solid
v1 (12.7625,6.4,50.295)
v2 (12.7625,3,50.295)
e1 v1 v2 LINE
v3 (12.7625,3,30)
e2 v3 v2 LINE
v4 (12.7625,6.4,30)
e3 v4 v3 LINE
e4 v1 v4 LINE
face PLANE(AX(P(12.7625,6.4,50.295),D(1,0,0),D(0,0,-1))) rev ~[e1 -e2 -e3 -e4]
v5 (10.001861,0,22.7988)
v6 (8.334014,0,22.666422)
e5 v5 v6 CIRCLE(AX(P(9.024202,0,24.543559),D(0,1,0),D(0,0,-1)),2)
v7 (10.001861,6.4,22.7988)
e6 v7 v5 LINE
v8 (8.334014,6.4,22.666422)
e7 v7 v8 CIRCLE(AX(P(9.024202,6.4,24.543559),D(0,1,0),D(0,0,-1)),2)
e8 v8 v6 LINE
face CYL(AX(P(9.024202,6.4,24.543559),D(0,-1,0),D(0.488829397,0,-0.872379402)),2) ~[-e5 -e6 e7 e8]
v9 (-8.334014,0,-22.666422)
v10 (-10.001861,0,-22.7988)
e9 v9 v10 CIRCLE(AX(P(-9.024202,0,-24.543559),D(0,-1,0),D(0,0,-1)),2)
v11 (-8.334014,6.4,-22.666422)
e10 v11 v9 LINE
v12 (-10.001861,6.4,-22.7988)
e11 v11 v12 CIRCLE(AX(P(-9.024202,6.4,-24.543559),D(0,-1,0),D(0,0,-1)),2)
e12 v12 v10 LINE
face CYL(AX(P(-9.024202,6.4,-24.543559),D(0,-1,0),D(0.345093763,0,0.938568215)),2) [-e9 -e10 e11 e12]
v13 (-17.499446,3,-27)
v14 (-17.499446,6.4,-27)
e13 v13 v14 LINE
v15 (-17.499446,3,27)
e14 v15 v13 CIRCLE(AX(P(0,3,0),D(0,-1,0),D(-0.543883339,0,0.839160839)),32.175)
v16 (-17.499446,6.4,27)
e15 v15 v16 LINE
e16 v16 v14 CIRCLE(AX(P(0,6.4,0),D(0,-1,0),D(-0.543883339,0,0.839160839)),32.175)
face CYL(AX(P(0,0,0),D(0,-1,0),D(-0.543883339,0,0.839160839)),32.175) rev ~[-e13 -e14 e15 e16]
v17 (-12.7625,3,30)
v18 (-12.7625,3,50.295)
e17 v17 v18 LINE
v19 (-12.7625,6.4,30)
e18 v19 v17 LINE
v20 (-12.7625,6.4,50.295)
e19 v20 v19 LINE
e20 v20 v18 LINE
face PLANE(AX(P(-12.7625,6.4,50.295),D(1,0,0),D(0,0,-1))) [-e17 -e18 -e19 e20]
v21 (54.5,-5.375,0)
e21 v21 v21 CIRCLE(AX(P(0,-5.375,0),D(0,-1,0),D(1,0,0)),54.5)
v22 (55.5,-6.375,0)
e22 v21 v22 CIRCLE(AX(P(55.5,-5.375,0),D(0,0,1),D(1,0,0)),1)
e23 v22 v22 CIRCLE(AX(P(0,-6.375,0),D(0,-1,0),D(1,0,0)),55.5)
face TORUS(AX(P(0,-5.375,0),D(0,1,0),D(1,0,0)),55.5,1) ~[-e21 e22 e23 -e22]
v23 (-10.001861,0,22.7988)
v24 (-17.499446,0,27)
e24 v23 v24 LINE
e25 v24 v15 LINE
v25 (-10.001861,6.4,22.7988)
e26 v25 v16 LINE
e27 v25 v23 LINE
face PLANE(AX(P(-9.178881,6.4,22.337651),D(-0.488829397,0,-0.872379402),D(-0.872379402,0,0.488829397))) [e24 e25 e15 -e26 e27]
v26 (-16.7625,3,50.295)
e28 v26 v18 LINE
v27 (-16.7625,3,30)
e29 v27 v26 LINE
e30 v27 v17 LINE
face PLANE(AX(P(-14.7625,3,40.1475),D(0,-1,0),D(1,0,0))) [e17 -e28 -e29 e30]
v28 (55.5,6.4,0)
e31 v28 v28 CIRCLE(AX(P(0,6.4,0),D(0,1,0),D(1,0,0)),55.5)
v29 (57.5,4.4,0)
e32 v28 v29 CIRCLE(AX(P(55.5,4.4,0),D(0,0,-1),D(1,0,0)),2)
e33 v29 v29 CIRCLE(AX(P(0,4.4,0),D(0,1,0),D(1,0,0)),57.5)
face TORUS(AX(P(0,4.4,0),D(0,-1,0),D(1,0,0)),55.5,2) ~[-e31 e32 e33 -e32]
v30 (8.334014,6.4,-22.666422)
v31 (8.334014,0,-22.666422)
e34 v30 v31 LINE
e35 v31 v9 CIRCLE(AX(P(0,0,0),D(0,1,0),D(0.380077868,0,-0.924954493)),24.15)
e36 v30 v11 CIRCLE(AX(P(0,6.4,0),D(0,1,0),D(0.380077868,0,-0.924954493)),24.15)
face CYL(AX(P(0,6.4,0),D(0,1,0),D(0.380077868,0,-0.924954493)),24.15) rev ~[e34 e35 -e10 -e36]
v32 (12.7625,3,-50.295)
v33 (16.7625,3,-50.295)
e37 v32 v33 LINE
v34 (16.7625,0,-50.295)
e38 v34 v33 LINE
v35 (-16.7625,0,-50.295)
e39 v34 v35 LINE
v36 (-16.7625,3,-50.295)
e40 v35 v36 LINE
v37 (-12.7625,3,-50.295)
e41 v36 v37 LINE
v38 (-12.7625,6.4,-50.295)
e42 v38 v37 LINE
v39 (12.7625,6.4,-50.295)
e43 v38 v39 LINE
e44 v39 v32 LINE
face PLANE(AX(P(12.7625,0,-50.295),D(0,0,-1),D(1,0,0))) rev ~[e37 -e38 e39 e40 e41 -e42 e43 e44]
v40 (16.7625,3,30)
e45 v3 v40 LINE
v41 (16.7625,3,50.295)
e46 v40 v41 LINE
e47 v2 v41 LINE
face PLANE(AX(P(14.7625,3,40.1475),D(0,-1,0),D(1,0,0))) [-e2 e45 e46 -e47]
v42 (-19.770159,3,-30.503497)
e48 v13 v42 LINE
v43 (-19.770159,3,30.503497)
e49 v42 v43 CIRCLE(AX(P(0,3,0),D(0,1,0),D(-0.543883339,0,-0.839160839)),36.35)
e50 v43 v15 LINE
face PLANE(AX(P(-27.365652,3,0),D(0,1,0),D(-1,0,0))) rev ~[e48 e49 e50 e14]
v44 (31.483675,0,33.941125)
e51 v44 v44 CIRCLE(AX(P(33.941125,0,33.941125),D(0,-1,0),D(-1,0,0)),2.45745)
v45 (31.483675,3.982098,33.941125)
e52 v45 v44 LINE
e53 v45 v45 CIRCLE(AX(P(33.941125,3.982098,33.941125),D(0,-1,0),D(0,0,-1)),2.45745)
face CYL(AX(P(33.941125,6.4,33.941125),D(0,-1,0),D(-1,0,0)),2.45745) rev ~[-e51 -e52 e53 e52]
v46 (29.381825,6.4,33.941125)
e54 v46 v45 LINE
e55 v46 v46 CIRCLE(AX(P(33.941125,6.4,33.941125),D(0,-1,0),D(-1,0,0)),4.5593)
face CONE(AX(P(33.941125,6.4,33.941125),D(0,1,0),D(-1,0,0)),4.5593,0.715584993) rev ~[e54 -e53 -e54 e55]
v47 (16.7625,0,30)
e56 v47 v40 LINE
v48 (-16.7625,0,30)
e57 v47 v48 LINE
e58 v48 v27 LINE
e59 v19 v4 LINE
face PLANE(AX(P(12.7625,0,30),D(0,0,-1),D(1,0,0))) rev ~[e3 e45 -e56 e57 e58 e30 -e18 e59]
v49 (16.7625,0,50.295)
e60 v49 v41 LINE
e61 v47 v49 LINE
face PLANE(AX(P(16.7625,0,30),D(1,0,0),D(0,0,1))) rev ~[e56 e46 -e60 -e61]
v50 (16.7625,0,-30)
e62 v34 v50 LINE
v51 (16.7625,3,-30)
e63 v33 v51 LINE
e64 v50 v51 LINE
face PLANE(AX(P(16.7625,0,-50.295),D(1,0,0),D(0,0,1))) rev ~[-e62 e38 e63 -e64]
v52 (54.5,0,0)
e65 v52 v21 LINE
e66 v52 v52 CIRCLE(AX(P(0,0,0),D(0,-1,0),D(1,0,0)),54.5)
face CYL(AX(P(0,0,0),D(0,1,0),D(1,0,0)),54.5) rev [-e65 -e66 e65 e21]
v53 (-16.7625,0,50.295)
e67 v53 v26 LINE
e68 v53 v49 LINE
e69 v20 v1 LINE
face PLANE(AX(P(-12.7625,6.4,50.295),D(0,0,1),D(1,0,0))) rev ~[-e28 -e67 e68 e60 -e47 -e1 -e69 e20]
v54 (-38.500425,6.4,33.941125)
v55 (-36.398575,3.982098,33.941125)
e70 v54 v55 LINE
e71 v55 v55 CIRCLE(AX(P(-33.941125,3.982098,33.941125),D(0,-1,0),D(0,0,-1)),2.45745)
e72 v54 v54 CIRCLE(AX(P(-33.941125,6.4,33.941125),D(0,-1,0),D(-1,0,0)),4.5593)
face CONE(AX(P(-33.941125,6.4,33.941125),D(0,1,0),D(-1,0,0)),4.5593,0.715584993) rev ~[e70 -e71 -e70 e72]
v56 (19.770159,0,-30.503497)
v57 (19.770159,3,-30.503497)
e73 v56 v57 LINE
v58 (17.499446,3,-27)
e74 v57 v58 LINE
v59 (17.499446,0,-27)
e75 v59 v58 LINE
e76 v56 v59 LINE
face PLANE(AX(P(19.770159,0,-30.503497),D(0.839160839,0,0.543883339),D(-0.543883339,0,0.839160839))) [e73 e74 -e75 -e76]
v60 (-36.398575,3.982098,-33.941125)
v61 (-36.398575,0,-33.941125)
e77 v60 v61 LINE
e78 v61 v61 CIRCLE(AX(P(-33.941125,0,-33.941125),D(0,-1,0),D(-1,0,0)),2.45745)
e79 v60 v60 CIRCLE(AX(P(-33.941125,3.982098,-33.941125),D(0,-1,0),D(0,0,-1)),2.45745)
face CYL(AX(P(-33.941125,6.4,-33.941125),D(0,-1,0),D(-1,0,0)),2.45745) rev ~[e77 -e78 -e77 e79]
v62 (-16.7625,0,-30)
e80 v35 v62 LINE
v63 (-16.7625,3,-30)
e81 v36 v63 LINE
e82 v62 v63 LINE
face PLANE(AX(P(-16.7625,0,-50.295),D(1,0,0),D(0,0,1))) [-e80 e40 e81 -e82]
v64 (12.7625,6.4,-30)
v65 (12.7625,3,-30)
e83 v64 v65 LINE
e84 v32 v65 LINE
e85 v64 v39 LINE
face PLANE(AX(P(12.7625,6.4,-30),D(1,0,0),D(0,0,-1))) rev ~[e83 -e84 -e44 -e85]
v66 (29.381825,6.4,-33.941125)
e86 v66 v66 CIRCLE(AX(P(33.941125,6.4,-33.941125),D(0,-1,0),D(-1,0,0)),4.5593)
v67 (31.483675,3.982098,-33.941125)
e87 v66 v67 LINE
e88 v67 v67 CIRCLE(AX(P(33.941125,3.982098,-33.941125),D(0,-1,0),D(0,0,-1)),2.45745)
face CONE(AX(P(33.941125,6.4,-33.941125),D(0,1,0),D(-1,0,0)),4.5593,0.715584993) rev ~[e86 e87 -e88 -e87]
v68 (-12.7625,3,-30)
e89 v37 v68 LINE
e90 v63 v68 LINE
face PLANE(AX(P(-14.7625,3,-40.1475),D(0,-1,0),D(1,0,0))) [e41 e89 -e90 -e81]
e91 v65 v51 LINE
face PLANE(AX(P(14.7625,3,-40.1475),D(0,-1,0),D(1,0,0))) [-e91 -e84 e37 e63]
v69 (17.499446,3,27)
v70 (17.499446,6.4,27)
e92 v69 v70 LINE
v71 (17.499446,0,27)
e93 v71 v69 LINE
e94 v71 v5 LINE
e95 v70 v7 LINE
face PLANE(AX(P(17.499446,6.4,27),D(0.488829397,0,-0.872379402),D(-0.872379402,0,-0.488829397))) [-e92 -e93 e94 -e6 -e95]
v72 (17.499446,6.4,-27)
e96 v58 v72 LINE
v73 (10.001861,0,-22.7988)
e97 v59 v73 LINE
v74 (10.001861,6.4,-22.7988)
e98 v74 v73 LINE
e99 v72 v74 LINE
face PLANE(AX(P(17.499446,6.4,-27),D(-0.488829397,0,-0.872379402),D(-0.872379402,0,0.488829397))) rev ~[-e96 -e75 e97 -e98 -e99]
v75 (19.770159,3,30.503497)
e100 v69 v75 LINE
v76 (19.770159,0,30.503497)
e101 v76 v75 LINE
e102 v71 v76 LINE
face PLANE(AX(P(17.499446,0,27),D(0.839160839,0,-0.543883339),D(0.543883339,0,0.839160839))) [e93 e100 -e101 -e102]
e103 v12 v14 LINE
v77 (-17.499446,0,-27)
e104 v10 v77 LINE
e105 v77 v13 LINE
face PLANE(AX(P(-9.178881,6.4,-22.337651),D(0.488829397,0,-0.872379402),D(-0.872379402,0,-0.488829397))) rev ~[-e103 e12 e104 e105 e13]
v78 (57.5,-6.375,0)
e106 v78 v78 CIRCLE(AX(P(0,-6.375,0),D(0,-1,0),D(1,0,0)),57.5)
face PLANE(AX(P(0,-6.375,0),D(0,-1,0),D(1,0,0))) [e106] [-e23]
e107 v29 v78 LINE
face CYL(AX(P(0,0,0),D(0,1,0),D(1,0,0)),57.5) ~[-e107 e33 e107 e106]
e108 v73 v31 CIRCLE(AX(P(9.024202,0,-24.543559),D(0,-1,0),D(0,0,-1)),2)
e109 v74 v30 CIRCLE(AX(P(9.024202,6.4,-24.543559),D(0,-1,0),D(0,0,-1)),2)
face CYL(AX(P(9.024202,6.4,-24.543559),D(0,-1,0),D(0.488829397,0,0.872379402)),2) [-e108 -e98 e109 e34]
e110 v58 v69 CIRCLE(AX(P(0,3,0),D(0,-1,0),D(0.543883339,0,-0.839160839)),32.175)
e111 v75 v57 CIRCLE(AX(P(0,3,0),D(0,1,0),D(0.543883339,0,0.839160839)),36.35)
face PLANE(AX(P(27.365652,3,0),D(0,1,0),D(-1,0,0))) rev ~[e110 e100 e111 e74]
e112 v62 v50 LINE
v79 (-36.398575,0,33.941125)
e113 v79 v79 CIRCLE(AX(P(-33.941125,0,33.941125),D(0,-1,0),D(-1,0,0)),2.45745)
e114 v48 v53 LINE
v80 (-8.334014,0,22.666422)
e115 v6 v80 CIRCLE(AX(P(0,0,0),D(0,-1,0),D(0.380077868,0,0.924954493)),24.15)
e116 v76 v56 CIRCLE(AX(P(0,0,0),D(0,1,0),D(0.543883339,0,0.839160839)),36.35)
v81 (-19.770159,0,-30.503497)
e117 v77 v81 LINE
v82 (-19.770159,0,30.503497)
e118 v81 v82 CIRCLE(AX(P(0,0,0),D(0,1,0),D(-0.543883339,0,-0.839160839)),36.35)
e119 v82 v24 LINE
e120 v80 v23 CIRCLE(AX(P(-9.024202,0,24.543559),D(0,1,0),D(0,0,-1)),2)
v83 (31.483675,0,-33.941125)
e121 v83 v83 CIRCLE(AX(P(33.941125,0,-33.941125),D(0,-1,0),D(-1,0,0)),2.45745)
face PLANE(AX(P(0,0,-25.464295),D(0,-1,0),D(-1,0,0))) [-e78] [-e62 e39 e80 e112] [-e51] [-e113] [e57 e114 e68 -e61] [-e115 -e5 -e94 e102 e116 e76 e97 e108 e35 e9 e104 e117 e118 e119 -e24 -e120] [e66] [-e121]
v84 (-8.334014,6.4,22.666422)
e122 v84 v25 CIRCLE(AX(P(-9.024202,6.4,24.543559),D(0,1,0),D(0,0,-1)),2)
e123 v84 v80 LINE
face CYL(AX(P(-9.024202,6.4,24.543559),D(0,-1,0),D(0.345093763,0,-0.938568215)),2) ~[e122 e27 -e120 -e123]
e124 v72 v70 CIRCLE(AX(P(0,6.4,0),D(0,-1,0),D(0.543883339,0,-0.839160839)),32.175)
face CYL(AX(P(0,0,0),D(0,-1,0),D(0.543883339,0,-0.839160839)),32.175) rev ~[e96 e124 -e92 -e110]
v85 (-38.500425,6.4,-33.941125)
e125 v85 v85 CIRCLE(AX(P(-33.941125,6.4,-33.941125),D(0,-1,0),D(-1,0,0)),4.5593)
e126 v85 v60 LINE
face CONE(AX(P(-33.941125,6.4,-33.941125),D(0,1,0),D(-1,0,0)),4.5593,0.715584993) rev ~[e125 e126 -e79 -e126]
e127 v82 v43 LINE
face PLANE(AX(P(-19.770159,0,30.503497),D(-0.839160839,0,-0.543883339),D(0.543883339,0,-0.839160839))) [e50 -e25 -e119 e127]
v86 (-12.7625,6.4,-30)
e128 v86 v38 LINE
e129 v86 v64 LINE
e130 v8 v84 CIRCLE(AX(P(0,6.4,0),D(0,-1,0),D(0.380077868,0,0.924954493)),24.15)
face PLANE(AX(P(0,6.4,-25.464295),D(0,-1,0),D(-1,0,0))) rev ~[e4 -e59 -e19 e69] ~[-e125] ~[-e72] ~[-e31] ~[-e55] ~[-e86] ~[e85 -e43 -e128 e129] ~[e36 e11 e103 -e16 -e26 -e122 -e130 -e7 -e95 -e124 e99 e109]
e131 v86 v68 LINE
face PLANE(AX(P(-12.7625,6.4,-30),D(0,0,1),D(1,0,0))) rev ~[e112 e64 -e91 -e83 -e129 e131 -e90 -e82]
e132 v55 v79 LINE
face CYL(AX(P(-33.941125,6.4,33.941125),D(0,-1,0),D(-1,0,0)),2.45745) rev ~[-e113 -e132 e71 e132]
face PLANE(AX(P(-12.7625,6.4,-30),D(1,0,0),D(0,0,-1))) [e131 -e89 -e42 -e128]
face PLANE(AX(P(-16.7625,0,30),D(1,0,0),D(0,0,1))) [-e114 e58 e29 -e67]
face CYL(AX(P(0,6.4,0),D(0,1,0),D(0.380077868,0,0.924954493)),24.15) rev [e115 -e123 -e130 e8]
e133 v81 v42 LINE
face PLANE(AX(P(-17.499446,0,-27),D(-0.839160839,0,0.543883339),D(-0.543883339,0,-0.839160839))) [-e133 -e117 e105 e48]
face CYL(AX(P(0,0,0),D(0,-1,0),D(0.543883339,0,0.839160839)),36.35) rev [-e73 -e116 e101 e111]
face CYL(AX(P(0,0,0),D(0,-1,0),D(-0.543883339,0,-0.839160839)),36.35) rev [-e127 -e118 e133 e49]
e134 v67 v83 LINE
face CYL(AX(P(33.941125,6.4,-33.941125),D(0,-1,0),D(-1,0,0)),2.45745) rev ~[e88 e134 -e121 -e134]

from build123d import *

# Parameters (mm, degrees)
SKETCH1_R                                         = 57.5
BOSS_EXTRUDE1_DEPTH                               = 6.4
SKETCH2_W                                         = 25.525
SKETCH2_H                                         = 20.295
CUT_EXTRUDE1_DEPTH                                = 7.4
SKETCH3_W                                         = 4
SKETCH3_H                                         = 20.295
CUT_EXTRUDE2_DEPTH                                = 3
CUT_EXTRUDE3_DEPTH                                = 3
SKETCH5_R                                         = 1
CUT_EXTRUDE4_DEPTH                                = 7.4
CSK_FOR_8_FLAT_HEAD_SOCKET_CAP_SCREW1_D           = 4.9149
CSK_FOR_8_FLAT_HEAD_SOCKET_CAP_SCREW1_CSINK_D     = 9.1186
CSK_FOR_8_FLAT_HEAD_SOCKET_CAP_SCREW1_CSINK_ANGLE = 82
BOSS_EXTRUDE2_DEPTH                               = 6.4
FILLET1_R                                         = 2
SKETCH10_R                                        = 57.5
SKETCH10_R_2                                      = 54.5
BOSS_EXTRUDE3_DEPTH                               = 6.375
FILLET2_R                                         = 1


with BuildPart() as part:
    # Sketch1 → Boss-Extrude1 (new body)
    with BuildSketch(Plane(origin=(0, 0, 0), x_dir=(1, 0, 0), z_dir=(0, 1, 0))):
        Circle(SKETCH1_R)
        with BuildLine():
            Line((-17.49944642, 27), (17.49944642, 27))
            ThreePointArc((17.49944642, 27), (32.175, 0), (17.49944642, -27))
            Line((17.49944642, -27), (-17.49944642, -27))
            ThreePointArc((-17.49944642, -27), (-32.175, 0), (-17.49944642, 27))
        make_face(mode=Mode.SUBTRACT)
    extrude(amount=BOSS_EXTRUDE1_DEPTH)

    # Sketch2 → Cut-Extrude1 (cut, through all)
    with BuildSketch(Plane(origin=(0, 6.4, 0), x_dir=(1, 0, 0), z_dir=(0, 1, 0))):
        with Locations((0, 40.1475)):
            Rectangle(SKETCH2_W, SKETCH2_H)
        with Locations((0, -40.1475)):
            Rectangle(SKETCH2_W, SKETCH2_H)
    extrude(amount=-CUT_EXTRUDE1_DEPTH, mode=Mode.SUBTRACT)

    # Sketch3 → Cut-Extrude2 (cut)
    with BuildSketch(Plane.XZ):
        with Locations((14.7625, 40.1475)):
            Rectangle(SKETCH3_W, SKETCH3_H)
        with Locations((-14.7625, 40.1475)):
            Rectangle(SKETCH3_W, SKETCH3_H)
        with Locations((14.7625, -40.1475)):
            Rectangle(SKETCH3_W, SKETCH3_H)
        with Locations((-14.7625, -40.1475)):
            Rectangle(SKETCH3_W, SKETCH3_H)
    extrude(amount=-CUT_EXTRUDE2_DEPTH, mode=Mode.SUBTRACT)

    # Sketch4 → Cut-Extrude3 (cut)
    with BuildSketch(Plane.XZ):
        with BuildLine():
            Line((-19.770159359, 30.503496503), (-17.49944642, 27))
            ThreePointArc((-17.49944642, 27), (-32.175, 0), (-17.49944642, -27))
            Line((-17.49944642, -27), (-19.770159359, -30.503496503))
            ThreePointArc((-19.770159359, -30.503496503), (-36.35, 0), (-19.770159359, 30.503496503))
        make_face()
        with BuildLine():
            ThreePointArc((19.770159359, 30.503496503), (36.35, 0), (19.770159359, -30.503496503))
            Line((19.770159359, -30.503496503), (17.49944642, -27))
            ThreePointArc((17.49944642, -27), (32.175, 0), (17.49944642, 27))
            Line((17.49944642, 27), (19.770159359, 30.503496503))
        make_face()
    extrude(amount=-CUT_EXTRUDE3_DEPTH, mode=Mode.SUBTRACT)

    # Sketch5 → Cut-Extrude4 (cut, through all)
    with BuildSketch(Plane.XZ):
        with Locations((-33.941125497, 33.941125497)):
            Circle(SKETCH5_R)
        with Locations((33.941125497, 33.941125497)):
            Circle(SKETCH5_R)
        with Locations((33.941125497, -33.941125497)):
            Circle(SKETCH5_R)
        with Locations((-33.941125497, -33.941125497)):
            Circle(SKETCH5_R)
    extrude(amount=-CUT_EXTRUDE4_DEPTH, mode=Mode.SUBTRACT)

    # CSK for #8 Flat Head Socket Cap Screw1 (through all)
    with Locations(Plane(origin=(0, 6.4, 0), x_dir=(1, 0, 0), z_dir=(0, 1, 0))):
        with Locations((-33.941125497, 33.941125497), (33.941125497, 33.941125497), (33.941125497, -33.941125497), (-33.941125497, -33.941125497)):
            CounterSinkHole(CSK_FOR_8_FLAT_HEAD_SOCKET_CAP_SCREW1_D / 2, CSK_FOR_8_FLAT_HEAD_SOCKET_CAP_SCREW1_CSINK_D / 2, counter_sink_angle=CSK_FOR_8_FLAT_HEAD_SOCKET_CAP_SCREW1_CSINK_ANGLE)

    # Sketch9 → Boss-Extrude2 (add)
    with BuildSketch(Plane(origin=(0, 6.4, 0), x_dir=(1, 0, 0), z_dir=(0, 1, 0))):
        with BuildLine():
            Line((-17.49944642, 27), (17.49944642, 27))
            Line((17.49944642, 27), (9.178880504, 22.337651011))
            ThreePointArc((9.178880504, 22.337651011), (0, 24.15), (-9.178880504, 22.337651011))
            Line((-9.178880504, 22.337651011), (-17.49944642, 27))
        make_face()
        with BuildLine():
            Line((17.49944642, -27), (9.178880504, -22.337651011))
            ThreePointArc((9.178880504, -22.337651011), (0, -24.15), (-9.178880504, -22.337651011))
            Line((-9.178880504, -22.337651011), (-17.49944642, -27))
            Line((-17.49944642, -27), (17.49944642, -27))
        make_face()
    extrude(amount=-BOSS_EXTRUDE2_DEPTH)

    # Fillet1
    fillet1_edges = [part.edges().sort_by_distance(p)[0] for p in [
        (9.178880504, 3.2, -22.337651011),
        (-9.178880504, 3.2, -22.337651011),
        (-9.178880504, 3.2, 22.337651011),
        (9.178880504, 3.2, 22.337651011),
        (-57.5, 6.4, 0),
    ]]
    fillet(fillet1_edges, radius=FILLET1_R)

    # Sketch10 → Boss-Extrude3 (add)
    with BuildSketch(Plane.XZ):
        Circle(SKETCH10_R)
        Circle(SKETCH10_R_2, mode=Mode.SUBTRACT)
    extrude(amount=BOSS_EXTRUDE3_DEPTH)

    # Fillet2
    fillet2_edges = [part.edges().sort_by_distance(p)[0] for p in [
        (-54.5, -6.375, 0),
    ]]
    fillet(fillet2_edges, radius=FILLET2_R)


solid = part.part
